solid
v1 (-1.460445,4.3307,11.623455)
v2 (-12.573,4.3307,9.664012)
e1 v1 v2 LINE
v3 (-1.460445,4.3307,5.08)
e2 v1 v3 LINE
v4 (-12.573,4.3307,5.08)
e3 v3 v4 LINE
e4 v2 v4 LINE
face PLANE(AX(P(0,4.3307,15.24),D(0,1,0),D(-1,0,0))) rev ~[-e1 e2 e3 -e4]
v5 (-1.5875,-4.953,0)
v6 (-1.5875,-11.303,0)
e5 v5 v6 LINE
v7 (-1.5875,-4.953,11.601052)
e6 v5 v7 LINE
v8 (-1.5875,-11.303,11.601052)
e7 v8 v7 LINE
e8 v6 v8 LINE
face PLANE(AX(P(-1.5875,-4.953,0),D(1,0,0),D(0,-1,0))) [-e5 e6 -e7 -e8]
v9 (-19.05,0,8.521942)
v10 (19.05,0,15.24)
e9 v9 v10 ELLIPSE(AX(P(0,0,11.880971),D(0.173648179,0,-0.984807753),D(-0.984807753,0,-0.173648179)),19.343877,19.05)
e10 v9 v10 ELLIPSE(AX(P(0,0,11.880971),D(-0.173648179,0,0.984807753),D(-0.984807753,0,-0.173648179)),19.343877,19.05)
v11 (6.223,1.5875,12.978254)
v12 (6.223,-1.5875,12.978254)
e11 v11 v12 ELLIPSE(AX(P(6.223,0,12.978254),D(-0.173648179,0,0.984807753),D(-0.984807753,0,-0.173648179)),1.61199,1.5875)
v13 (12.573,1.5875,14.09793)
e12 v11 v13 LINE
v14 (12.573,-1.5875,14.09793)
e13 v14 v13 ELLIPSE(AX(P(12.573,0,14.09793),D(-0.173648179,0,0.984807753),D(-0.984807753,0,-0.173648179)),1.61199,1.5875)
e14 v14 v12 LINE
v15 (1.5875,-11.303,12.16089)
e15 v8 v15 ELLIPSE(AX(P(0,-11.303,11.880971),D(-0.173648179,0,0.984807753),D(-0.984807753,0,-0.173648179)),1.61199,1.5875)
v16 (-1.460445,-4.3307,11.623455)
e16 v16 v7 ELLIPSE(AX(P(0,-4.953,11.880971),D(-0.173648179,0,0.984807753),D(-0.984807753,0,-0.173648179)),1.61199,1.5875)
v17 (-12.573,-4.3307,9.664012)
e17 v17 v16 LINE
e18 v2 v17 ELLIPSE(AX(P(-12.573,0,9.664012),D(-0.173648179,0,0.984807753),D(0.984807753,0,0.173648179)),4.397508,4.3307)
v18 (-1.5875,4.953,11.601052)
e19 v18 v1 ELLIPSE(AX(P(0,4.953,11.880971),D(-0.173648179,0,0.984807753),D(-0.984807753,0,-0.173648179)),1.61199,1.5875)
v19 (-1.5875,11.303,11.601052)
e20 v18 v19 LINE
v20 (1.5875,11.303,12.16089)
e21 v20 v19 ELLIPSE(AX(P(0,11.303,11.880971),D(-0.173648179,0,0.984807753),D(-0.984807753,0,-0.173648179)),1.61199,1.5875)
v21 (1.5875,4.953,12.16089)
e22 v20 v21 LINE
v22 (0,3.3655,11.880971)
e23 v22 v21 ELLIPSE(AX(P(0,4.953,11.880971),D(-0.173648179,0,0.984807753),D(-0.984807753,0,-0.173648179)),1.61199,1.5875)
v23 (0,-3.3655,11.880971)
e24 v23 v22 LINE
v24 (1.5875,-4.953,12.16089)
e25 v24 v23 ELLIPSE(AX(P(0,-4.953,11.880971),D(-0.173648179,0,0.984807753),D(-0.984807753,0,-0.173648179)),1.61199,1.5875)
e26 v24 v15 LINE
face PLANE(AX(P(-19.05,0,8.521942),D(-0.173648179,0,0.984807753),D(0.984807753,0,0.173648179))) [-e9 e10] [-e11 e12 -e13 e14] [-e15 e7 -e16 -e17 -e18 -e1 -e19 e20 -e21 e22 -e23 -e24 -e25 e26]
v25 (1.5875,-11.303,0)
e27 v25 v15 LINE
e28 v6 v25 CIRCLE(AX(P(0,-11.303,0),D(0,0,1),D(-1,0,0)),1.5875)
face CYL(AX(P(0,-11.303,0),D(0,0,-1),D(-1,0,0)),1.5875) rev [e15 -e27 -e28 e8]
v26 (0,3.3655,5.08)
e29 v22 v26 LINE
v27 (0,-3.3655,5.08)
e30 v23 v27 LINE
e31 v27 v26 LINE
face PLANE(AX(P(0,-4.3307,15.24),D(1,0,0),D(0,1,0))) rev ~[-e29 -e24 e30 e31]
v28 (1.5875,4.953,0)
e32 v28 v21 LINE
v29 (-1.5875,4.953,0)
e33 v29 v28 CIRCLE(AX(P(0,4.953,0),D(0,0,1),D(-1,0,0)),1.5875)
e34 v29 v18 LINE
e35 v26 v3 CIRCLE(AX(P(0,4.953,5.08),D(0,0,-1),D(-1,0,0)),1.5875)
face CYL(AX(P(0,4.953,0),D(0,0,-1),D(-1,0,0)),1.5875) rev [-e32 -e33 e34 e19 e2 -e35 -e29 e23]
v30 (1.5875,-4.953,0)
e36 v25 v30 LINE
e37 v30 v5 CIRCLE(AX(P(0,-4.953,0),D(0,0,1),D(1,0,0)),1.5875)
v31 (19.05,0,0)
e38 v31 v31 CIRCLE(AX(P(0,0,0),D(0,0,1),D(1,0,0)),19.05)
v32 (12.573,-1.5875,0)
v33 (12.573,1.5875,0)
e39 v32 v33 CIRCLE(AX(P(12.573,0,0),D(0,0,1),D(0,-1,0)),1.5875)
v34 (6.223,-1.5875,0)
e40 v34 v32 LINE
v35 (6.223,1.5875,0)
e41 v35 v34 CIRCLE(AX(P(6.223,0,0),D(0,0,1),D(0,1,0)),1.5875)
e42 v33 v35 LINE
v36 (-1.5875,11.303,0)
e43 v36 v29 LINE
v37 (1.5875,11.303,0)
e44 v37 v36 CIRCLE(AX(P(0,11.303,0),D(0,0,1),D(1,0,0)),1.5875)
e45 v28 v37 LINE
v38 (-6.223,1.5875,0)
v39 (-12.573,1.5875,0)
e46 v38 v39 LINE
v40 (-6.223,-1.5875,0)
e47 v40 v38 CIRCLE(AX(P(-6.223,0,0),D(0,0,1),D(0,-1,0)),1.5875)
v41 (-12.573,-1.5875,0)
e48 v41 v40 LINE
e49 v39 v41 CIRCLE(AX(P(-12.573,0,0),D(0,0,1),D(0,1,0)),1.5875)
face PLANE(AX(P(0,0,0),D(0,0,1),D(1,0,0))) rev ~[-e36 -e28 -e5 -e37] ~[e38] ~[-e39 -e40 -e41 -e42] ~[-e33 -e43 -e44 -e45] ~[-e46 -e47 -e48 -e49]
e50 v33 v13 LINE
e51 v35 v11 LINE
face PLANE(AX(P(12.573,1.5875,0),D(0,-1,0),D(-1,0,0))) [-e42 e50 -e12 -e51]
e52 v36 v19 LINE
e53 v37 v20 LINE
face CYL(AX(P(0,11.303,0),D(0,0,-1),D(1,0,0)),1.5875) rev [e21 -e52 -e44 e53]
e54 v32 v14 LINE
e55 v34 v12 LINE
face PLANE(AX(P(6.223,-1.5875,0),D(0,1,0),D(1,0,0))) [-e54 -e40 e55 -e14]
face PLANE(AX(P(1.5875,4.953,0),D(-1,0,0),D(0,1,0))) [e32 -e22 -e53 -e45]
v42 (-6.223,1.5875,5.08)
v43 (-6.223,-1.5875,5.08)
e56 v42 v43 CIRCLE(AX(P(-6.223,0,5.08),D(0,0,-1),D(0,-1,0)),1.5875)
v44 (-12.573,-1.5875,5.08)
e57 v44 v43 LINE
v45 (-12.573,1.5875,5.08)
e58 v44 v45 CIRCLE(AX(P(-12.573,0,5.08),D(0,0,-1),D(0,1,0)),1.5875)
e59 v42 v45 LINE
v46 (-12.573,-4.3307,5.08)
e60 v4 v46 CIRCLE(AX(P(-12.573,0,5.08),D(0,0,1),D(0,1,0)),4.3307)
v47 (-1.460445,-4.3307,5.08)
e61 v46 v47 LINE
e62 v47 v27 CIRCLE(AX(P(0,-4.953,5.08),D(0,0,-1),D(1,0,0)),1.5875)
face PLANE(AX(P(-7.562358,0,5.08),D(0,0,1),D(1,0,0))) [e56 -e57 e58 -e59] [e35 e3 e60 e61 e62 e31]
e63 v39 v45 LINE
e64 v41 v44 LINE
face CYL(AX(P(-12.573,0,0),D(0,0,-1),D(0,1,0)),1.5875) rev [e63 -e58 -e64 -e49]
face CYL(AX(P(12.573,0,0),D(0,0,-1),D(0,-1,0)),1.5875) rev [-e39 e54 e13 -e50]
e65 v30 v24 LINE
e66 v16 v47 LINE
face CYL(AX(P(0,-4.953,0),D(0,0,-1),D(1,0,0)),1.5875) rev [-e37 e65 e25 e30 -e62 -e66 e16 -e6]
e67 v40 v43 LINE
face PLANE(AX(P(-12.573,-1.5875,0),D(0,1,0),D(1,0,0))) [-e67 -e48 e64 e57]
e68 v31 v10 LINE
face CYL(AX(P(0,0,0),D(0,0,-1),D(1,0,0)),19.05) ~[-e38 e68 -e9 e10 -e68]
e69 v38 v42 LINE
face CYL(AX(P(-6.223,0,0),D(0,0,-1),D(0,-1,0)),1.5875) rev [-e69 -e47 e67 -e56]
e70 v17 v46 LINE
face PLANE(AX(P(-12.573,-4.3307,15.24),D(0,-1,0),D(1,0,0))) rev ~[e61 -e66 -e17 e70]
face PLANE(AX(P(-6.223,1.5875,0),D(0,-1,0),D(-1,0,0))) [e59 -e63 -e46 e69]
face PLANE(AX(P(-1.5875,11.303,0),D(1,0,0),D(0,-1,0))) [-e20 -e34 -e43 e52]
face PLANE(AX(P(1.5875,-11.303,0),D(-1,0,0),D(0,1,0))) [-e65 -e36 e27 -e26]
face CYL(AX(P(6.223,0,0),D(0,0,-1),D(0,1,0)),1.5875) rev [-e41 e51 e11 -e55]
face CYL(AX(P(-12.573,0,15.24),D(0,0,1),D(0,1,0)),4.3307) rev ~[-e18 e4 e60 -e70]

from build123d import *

# Parameters (mm, degrees)
F0_R          = 19.05
F1_DEPTH      = 25.4
F3_DEPTH      = 19.051
F3_DEPTH_BACK = 19.051
F5_DEPTH      = 15.241
F8_DEPTH      = 10.16


with BuildPart() as f1:
    # F0 (on Top) → F1 (new body)
    with BuildSketch(Plane.XY):
        Circle(F0_R)
    extrude(amount=F1_DEPTH)

    # F2 (on Front) → F3 (cut, two sides)
    with BuildSketch(Plane.XZ) as f3_sk:
        Polygon((-19.05, 25.4), (-19.05, 8.521942), (19.05, 15.24), (19.05, 25.4), align=None)
    extrude(amount=F3_DEPTH, mode=Mode.SUBTRACT)
    extrude(f3_sk.sketch, amount=-F3_DEPTH_BACK, mode=Mode.SUBTRACT)

    # F4 (on Top) → F5 (cut, through all)
    with BuildSketch(Plane.XY):
        with BuildLine():
            Line((-1.5875, -4.953), (-1.5875, -11.303))
            ThreePointArc((-1.5875, -11.303), (0, -12.8905), (1.5875, -11.303))
            Line((1.5875, -11.303), (1.5875, -4.953))
            ThreePointArc((1.5875, -4.953), (0, -3.3655), (-1.5875, -4.953))
        make_face()
        with BuildLine():
            Line((-1.5875, 11.303), (-1.5875, 4.953))
            ThreePointArc((-1.5875, 4.953), (0, 3.3655), (1.5875, 4.953))
            Line((1.5875, 4.953), (1.5875, 11.303))
            ThreePointArc((1.5875, 11.303), (0, 12.8905), (-1.5875, 11.303))
        make_face()
        with BuildLine():
            Line((12.573, 1.5875), (6.223, 1.5875))
            ThreePointArc((6.223, 1.5875), (4.6355, 0), (6.223, -1.5875))
            Line((6.223, -1.5875), (12.573, -1.5875))
            ThreePointArc((12.573, -1.5875), (14.1605, 0), (12.573, 1.5875))
        make_face()
        with BuildLine():
            Line((-12.573, -1.5875), (-6.223, -1.5875))
            ThreePointArc((-6.223, -1.5875), (-4.6355, 0), (-6.223, 1.5875))
            Line((-6.223, 1.5875), (-12.573, 1.5875))
            ThreePointArc((-12.573, 1.5875), (-14.1605, 0), (-12.573, -1.5875))
        make_face()
    extrude(amount=F5_DEPTH, mode=Mode.SUBTRACT)

    # F7 (on offset) → F8 (cut)
    with BuildSketch(Plane.XY.offset(15.24)):
        with BuildLine():
            ThreePointArc((-12.573, 4.3307), (-16.9037, 0), (-12.573, -4.3307))
            Line((-12.573, -4.3307), (-6.223, -4.3307))
            Line((-6.223, -4.3307), (0, -4.3307))
            Line((0, -4.3307), (0, 4.3307))
            Line((0, 4.3307), (-6.223, 4.3307))
            Line((-6.223, 4.3307), (-12.573, 4.3307))
        make_face()
    extrude(amount=-F8_DEPTH, mode=Mode.SUBTRACT)


solid = f1.part
